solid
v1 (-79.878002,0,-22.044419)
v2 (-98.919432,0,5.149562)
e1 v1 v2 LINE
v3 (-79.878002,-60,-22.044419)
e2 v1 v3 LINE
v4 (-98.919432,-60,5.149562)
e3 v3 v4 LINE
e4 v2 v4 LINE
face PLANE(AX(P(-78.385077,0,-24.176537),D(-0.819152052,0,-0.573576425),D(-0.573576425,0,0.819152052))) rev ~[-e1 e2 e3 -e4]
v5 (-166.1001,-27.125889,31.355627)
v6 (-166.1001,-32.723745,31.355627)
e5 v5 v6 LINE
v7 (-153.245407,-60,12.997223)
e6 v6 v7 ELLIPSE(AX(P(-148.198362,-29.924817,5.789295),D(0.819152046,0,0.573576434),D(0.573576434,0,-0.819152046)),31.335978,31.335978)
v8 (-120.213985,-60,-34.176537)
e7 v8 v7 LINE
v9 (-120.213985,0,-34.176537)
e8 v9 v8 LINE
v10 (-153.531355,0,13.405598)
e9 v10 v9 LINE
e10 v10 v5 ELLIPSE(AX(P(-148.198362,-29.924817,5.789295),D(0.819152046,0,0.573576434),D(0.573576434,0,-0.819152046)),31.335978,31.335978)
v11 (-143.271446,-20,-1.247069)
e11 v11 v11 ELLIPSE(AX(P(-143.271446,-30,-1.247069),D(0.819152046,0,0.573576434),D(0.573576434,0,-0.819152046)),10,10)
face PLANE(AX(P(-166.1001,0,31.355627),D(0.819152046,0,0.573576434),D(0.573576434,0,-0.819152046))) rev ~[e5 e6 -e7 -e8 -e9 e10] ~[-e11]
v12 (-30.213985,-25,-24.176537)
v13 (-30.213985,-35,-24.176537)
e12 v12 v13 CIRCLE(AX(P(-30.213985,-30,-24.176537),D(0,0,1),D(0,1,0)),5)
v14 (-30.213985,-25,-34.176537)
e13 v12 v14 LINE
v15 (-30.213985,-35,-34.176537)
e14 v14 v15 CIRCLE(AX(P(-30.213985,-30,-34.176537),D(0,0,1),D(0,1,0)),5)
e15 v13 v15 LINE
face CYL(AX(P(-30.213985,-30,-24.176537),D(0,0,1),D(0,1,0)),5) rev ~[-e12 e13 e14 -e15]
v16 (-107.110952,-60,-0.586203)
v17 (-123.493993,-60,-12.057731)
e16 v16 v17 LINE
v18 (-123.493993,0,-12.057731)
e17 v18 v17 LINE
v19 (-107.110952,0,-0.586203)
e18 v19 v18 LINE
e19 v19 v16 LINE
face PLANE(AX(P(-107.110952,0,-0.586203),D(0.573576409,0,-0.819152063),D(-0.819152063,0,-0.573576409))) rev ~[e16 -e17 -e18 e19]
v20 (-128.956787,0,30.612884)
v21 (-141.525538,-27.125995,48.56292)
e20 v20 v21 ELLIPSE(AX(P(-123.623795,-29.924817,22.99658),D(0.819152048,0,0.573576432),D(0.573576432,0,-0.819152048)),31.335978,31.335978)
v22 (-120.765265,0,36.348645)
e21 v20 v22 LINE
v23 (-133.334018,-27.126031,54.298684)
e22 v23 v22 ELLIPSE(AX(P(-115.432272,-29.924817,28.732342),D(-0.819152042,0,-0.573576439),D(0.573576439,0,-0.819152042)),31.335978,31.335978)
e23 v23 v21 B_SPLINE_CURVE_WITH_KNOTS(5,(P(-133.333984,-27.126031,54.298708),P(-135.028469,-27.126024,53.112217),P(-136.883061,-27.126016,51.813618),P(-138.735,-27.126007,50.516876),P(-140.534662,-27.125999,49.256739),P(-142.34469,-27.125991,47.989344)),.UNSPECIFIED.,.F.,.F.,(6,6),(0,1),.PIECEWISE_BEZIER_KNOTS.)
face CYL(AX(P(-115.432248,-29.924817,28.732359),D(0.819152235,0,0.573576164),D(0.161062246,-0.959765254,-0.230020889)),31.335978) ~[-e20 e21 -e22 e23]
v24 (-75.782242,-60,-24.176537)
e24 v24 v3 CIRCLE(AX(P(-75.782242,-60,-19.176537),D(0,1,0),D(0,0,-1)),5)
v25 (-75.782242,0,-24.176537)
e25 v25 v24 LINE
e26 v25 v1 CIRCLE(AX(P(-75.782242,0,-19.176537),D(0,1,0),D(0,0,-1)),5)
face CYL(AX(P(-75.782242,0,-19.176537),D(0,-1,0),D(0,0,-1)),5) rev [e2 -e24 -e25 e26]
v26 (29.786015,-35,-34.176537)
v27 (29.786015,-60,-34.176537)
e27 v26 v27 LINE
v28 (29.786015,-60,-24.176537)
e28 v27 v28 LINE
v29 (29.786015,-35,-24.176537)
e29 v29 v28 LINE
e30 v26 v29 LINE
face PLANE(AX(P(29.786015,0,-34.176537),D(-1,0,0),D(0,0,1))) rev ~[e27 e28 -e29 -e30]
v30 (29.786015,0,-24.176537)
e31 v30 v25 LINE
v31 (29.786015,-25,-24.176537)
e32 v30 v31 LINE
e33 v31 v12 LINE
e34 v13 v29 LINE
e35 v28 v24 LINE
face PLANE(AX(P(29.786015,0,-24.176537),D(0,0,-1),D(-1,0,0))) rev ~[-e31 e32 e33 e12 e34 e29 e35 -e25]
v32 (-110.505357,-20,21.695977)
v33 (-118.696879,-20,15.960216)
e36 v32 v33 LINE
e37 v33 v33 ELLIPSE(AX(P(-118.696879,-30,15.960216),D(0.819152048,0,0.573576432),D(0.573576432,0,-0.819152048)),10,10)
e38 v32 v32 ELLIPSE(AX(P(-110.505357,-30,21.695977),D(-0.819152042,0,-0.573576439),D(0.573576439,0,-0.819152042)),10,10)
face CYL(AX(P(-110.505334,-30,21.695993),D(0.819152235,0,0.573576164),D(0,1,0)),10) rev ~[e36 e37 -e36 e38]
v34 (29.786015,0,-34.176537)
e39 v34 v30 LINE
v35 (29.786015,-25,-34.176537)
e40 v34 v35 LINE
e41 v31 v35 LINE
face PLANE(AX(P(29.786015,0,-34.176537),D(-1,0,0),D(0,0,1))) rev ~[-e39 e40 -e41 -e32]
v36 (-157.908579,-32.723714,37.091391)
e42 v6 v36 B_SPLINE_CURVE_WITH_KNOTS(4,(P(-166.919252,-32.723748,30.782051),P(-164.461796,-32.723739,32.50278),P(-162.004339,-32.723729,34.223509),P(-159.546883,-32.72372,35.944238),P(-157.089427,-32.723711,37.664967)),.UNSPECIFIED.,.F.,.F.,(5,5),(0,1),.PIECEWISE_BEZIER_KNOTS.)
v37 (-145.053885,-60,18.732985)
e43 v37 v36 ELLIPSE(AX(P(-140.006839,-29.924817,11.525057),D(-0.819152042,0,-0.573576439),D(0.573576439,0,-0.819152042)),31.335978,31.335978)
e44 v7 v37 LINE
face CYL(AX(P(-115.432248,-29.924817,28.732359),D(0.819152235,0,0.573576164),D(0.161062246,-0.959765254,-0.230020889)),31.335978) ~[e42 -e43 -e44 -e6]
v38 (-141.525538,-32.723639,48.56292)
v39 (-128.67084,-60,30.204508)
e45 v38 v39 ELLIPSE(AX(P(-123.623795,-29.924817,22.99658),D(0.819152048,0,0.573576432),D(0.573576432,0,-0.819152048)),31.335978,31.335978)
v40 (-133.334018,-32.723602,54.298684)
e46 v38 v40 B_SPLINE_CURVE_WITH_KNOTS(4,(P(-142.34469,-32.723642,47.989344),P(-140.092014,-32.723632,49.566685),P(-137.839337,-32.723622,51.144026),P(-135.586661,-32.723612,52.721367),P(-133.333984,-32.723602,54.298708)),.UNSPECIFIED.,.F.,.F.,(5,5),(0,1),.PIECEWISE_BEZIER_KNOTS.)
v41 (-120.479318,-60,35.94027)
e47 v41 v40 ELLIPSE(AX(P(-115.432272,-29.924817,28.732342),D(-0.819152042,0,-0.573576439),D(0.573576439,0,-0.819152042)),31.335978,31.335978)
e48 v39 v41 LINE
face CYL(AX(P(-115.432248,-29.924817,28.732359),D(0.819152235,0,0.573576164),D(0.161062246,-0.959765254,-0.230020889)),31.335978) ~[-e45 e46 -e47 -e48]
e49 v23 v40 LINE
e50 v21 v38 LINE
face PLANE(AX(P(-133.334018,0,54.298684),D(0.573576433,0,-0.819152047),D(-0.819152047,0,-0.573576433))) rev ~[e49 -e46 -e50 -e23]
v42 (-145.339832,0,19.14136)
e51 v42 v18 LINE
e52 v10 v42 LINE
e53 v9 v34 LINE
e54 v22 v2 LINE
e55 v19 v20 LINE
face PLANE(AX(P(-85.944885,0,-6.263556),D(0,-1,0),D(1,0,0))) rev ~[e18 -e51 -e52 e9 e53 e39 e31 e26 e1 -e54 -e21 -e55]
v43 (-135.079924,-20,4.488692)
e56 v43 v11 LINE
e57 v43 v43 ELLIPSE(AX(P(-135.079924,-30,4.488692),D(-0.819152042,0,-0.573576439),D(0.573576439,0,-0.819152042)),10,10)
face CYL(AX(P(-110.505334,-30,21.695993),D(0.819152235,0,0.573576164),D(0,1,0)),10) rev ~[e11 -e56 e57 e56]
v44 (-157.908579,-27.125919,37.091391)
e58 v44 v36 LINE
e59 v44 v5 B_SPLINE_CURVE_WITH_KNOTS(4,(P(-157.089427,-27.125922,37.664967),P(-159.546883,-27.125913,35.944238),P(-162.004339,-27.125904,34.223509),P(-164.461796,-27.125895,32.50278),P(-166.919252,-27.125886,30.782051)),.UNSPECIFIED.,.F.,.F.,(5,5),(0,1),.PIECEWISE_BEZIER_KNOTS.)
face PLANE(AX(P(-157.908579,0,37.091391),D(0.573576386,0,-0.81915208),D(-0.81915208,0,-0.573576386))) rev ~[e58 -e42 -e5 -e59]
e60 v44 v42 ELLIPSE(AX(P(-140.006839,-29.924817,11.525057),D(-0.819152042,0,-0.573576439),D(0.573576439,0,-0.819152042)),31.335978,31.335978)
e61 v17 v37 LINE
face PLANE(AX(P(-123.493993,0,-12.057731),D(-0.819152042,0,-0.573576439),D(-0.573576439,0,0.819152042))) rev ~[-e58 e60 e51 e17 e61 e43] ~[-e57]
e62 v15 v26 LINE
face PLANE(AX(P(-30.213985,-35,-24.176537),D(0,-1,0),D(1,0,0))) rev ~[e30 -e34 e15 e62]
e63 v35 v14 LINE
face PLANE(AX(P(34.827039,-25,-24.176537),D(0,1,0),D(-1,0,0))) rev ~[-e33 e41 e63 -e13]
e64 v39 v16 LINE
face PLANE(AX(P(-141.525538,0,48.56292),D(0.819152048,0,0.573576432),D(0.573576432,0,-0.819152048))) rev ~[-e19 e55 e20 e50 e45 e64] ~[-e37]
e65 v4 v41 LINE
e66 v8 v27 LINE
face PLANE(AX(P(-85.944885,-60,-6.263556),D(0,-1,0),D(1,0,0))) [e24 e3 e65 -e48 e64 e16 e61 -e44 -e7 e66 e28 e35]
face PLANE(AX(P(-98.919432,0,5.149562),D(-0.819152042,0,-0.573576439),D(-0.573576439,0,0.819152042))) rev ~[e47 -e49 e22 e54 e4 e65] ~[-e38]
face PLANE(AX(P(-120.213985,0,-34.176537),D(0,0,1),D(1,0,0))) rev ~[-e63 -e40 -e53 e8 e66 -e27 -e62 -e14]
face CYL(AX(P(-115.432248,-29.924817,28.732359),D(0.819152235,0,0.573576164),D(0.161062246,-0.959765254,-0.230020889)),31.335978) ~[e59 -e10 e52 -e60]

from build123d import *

# Parameters (mm, degrees)
F1_DEPTH = 60
F3_DEPTH = 77.588705
F4_R     = 10
F5_DEPTH = 52.1
F7_DEPTH = 25
F8_R     = 5


with BuildPart() as f1:
    # F0 (on Front) → F1 (new body)
    with BuildSketch(Plane.XZ):
        Polygon((-120.213985, -34.176537), (29.786015, -34.176537), (29.786015, -24.176537), (-78.385077, -24.176537), (-98.919432, 5.149562), (-133.334018, 54.298684), (-141.525538, 48.56292), (-107.110952, -0.586203), (-123.493993, -12.057731), (-157.908579, 37.091391), (-166.1001, 31.355627), align=None)
    extrude(amount=F1_DEPTH)

    # F2 (on face) → F3 (cut, through all)
    with BuildSketch(Plane(origin=(-63.956432, 0, -44.782776), x_dir=(0, 1, 0), z_dir=(0.819152, 0, 0.573576))):
        with BuildLine():
            ThreePointArc((-60, 80.946133), (-29.664459, 121.080285), (0, 80.447599))
            Line((0, 80.447599), (29.212171, 131.16917))
            Line((29.212171, 131.16917), (-70.869207, 149.550825))
            Line((-70.869207, 149.550825), (-73.535636, 96.864909))
            Line((-73.535636, 96.864909), (-60, 80.946133))
        make_face()
    extrude(amount=-F3_DEPTH, mode=Mode.SUBTRACT)

    # F4 (on face) → F5 (cut)
    with BuildSketch(Plane(origin=(-63.956432, 0, -44.782776), x_dir=(0, 1, 0), z_dir=(0.819152, 0, 0.573576))):
        with Locations((-30, 81.155573)):
            Circle(F4_R)
    extrude(amount=-F5_DEPTH, mode=Mode.SUBTRACT)

    # F6 (on face) → F7 (cut)
    with BuildSketch(Plane.XY.offset(-24.176537)):
        with BuildLine():
            ThreePointArc((-30.213985, -35), (-26.678451, -33.535534), (-25.213985, -30))
            ThreePointArc((-25.213985, -30), (-26.678451, -26.464466), (-30.213985, -25))
            ThreePointArc((-30.213985, -25), (-35.213985, -30), (-30.213985, -35))
        make_face()
        with BuildLine():
            ThreePointArc((-30.213985, -25), (-26.678451, -26.464466), (-25.213985, -30))
            ThreePointArc((-25.213985, -30), (-26.678451, -33.535534), (-30.213985, -35))
            Line((-30.213985, -35), (33.633854, -35))
            Line((33.633854, -35), (34.827039, -25))
            Line((34.827039, -25), (-30.213985, -25))
        make_face()
    extrude(amount=-F7_DEPTH, mode=Mode.SUBTRACT)

    # F8
    f8_edges = [f1.edges().sort_by_distance(p)[0] for p in [
        (-78.385077, -30, -24.176537),
    ]]
    fillet(f8_edges, radius=F8_R)


solid = f1.part
